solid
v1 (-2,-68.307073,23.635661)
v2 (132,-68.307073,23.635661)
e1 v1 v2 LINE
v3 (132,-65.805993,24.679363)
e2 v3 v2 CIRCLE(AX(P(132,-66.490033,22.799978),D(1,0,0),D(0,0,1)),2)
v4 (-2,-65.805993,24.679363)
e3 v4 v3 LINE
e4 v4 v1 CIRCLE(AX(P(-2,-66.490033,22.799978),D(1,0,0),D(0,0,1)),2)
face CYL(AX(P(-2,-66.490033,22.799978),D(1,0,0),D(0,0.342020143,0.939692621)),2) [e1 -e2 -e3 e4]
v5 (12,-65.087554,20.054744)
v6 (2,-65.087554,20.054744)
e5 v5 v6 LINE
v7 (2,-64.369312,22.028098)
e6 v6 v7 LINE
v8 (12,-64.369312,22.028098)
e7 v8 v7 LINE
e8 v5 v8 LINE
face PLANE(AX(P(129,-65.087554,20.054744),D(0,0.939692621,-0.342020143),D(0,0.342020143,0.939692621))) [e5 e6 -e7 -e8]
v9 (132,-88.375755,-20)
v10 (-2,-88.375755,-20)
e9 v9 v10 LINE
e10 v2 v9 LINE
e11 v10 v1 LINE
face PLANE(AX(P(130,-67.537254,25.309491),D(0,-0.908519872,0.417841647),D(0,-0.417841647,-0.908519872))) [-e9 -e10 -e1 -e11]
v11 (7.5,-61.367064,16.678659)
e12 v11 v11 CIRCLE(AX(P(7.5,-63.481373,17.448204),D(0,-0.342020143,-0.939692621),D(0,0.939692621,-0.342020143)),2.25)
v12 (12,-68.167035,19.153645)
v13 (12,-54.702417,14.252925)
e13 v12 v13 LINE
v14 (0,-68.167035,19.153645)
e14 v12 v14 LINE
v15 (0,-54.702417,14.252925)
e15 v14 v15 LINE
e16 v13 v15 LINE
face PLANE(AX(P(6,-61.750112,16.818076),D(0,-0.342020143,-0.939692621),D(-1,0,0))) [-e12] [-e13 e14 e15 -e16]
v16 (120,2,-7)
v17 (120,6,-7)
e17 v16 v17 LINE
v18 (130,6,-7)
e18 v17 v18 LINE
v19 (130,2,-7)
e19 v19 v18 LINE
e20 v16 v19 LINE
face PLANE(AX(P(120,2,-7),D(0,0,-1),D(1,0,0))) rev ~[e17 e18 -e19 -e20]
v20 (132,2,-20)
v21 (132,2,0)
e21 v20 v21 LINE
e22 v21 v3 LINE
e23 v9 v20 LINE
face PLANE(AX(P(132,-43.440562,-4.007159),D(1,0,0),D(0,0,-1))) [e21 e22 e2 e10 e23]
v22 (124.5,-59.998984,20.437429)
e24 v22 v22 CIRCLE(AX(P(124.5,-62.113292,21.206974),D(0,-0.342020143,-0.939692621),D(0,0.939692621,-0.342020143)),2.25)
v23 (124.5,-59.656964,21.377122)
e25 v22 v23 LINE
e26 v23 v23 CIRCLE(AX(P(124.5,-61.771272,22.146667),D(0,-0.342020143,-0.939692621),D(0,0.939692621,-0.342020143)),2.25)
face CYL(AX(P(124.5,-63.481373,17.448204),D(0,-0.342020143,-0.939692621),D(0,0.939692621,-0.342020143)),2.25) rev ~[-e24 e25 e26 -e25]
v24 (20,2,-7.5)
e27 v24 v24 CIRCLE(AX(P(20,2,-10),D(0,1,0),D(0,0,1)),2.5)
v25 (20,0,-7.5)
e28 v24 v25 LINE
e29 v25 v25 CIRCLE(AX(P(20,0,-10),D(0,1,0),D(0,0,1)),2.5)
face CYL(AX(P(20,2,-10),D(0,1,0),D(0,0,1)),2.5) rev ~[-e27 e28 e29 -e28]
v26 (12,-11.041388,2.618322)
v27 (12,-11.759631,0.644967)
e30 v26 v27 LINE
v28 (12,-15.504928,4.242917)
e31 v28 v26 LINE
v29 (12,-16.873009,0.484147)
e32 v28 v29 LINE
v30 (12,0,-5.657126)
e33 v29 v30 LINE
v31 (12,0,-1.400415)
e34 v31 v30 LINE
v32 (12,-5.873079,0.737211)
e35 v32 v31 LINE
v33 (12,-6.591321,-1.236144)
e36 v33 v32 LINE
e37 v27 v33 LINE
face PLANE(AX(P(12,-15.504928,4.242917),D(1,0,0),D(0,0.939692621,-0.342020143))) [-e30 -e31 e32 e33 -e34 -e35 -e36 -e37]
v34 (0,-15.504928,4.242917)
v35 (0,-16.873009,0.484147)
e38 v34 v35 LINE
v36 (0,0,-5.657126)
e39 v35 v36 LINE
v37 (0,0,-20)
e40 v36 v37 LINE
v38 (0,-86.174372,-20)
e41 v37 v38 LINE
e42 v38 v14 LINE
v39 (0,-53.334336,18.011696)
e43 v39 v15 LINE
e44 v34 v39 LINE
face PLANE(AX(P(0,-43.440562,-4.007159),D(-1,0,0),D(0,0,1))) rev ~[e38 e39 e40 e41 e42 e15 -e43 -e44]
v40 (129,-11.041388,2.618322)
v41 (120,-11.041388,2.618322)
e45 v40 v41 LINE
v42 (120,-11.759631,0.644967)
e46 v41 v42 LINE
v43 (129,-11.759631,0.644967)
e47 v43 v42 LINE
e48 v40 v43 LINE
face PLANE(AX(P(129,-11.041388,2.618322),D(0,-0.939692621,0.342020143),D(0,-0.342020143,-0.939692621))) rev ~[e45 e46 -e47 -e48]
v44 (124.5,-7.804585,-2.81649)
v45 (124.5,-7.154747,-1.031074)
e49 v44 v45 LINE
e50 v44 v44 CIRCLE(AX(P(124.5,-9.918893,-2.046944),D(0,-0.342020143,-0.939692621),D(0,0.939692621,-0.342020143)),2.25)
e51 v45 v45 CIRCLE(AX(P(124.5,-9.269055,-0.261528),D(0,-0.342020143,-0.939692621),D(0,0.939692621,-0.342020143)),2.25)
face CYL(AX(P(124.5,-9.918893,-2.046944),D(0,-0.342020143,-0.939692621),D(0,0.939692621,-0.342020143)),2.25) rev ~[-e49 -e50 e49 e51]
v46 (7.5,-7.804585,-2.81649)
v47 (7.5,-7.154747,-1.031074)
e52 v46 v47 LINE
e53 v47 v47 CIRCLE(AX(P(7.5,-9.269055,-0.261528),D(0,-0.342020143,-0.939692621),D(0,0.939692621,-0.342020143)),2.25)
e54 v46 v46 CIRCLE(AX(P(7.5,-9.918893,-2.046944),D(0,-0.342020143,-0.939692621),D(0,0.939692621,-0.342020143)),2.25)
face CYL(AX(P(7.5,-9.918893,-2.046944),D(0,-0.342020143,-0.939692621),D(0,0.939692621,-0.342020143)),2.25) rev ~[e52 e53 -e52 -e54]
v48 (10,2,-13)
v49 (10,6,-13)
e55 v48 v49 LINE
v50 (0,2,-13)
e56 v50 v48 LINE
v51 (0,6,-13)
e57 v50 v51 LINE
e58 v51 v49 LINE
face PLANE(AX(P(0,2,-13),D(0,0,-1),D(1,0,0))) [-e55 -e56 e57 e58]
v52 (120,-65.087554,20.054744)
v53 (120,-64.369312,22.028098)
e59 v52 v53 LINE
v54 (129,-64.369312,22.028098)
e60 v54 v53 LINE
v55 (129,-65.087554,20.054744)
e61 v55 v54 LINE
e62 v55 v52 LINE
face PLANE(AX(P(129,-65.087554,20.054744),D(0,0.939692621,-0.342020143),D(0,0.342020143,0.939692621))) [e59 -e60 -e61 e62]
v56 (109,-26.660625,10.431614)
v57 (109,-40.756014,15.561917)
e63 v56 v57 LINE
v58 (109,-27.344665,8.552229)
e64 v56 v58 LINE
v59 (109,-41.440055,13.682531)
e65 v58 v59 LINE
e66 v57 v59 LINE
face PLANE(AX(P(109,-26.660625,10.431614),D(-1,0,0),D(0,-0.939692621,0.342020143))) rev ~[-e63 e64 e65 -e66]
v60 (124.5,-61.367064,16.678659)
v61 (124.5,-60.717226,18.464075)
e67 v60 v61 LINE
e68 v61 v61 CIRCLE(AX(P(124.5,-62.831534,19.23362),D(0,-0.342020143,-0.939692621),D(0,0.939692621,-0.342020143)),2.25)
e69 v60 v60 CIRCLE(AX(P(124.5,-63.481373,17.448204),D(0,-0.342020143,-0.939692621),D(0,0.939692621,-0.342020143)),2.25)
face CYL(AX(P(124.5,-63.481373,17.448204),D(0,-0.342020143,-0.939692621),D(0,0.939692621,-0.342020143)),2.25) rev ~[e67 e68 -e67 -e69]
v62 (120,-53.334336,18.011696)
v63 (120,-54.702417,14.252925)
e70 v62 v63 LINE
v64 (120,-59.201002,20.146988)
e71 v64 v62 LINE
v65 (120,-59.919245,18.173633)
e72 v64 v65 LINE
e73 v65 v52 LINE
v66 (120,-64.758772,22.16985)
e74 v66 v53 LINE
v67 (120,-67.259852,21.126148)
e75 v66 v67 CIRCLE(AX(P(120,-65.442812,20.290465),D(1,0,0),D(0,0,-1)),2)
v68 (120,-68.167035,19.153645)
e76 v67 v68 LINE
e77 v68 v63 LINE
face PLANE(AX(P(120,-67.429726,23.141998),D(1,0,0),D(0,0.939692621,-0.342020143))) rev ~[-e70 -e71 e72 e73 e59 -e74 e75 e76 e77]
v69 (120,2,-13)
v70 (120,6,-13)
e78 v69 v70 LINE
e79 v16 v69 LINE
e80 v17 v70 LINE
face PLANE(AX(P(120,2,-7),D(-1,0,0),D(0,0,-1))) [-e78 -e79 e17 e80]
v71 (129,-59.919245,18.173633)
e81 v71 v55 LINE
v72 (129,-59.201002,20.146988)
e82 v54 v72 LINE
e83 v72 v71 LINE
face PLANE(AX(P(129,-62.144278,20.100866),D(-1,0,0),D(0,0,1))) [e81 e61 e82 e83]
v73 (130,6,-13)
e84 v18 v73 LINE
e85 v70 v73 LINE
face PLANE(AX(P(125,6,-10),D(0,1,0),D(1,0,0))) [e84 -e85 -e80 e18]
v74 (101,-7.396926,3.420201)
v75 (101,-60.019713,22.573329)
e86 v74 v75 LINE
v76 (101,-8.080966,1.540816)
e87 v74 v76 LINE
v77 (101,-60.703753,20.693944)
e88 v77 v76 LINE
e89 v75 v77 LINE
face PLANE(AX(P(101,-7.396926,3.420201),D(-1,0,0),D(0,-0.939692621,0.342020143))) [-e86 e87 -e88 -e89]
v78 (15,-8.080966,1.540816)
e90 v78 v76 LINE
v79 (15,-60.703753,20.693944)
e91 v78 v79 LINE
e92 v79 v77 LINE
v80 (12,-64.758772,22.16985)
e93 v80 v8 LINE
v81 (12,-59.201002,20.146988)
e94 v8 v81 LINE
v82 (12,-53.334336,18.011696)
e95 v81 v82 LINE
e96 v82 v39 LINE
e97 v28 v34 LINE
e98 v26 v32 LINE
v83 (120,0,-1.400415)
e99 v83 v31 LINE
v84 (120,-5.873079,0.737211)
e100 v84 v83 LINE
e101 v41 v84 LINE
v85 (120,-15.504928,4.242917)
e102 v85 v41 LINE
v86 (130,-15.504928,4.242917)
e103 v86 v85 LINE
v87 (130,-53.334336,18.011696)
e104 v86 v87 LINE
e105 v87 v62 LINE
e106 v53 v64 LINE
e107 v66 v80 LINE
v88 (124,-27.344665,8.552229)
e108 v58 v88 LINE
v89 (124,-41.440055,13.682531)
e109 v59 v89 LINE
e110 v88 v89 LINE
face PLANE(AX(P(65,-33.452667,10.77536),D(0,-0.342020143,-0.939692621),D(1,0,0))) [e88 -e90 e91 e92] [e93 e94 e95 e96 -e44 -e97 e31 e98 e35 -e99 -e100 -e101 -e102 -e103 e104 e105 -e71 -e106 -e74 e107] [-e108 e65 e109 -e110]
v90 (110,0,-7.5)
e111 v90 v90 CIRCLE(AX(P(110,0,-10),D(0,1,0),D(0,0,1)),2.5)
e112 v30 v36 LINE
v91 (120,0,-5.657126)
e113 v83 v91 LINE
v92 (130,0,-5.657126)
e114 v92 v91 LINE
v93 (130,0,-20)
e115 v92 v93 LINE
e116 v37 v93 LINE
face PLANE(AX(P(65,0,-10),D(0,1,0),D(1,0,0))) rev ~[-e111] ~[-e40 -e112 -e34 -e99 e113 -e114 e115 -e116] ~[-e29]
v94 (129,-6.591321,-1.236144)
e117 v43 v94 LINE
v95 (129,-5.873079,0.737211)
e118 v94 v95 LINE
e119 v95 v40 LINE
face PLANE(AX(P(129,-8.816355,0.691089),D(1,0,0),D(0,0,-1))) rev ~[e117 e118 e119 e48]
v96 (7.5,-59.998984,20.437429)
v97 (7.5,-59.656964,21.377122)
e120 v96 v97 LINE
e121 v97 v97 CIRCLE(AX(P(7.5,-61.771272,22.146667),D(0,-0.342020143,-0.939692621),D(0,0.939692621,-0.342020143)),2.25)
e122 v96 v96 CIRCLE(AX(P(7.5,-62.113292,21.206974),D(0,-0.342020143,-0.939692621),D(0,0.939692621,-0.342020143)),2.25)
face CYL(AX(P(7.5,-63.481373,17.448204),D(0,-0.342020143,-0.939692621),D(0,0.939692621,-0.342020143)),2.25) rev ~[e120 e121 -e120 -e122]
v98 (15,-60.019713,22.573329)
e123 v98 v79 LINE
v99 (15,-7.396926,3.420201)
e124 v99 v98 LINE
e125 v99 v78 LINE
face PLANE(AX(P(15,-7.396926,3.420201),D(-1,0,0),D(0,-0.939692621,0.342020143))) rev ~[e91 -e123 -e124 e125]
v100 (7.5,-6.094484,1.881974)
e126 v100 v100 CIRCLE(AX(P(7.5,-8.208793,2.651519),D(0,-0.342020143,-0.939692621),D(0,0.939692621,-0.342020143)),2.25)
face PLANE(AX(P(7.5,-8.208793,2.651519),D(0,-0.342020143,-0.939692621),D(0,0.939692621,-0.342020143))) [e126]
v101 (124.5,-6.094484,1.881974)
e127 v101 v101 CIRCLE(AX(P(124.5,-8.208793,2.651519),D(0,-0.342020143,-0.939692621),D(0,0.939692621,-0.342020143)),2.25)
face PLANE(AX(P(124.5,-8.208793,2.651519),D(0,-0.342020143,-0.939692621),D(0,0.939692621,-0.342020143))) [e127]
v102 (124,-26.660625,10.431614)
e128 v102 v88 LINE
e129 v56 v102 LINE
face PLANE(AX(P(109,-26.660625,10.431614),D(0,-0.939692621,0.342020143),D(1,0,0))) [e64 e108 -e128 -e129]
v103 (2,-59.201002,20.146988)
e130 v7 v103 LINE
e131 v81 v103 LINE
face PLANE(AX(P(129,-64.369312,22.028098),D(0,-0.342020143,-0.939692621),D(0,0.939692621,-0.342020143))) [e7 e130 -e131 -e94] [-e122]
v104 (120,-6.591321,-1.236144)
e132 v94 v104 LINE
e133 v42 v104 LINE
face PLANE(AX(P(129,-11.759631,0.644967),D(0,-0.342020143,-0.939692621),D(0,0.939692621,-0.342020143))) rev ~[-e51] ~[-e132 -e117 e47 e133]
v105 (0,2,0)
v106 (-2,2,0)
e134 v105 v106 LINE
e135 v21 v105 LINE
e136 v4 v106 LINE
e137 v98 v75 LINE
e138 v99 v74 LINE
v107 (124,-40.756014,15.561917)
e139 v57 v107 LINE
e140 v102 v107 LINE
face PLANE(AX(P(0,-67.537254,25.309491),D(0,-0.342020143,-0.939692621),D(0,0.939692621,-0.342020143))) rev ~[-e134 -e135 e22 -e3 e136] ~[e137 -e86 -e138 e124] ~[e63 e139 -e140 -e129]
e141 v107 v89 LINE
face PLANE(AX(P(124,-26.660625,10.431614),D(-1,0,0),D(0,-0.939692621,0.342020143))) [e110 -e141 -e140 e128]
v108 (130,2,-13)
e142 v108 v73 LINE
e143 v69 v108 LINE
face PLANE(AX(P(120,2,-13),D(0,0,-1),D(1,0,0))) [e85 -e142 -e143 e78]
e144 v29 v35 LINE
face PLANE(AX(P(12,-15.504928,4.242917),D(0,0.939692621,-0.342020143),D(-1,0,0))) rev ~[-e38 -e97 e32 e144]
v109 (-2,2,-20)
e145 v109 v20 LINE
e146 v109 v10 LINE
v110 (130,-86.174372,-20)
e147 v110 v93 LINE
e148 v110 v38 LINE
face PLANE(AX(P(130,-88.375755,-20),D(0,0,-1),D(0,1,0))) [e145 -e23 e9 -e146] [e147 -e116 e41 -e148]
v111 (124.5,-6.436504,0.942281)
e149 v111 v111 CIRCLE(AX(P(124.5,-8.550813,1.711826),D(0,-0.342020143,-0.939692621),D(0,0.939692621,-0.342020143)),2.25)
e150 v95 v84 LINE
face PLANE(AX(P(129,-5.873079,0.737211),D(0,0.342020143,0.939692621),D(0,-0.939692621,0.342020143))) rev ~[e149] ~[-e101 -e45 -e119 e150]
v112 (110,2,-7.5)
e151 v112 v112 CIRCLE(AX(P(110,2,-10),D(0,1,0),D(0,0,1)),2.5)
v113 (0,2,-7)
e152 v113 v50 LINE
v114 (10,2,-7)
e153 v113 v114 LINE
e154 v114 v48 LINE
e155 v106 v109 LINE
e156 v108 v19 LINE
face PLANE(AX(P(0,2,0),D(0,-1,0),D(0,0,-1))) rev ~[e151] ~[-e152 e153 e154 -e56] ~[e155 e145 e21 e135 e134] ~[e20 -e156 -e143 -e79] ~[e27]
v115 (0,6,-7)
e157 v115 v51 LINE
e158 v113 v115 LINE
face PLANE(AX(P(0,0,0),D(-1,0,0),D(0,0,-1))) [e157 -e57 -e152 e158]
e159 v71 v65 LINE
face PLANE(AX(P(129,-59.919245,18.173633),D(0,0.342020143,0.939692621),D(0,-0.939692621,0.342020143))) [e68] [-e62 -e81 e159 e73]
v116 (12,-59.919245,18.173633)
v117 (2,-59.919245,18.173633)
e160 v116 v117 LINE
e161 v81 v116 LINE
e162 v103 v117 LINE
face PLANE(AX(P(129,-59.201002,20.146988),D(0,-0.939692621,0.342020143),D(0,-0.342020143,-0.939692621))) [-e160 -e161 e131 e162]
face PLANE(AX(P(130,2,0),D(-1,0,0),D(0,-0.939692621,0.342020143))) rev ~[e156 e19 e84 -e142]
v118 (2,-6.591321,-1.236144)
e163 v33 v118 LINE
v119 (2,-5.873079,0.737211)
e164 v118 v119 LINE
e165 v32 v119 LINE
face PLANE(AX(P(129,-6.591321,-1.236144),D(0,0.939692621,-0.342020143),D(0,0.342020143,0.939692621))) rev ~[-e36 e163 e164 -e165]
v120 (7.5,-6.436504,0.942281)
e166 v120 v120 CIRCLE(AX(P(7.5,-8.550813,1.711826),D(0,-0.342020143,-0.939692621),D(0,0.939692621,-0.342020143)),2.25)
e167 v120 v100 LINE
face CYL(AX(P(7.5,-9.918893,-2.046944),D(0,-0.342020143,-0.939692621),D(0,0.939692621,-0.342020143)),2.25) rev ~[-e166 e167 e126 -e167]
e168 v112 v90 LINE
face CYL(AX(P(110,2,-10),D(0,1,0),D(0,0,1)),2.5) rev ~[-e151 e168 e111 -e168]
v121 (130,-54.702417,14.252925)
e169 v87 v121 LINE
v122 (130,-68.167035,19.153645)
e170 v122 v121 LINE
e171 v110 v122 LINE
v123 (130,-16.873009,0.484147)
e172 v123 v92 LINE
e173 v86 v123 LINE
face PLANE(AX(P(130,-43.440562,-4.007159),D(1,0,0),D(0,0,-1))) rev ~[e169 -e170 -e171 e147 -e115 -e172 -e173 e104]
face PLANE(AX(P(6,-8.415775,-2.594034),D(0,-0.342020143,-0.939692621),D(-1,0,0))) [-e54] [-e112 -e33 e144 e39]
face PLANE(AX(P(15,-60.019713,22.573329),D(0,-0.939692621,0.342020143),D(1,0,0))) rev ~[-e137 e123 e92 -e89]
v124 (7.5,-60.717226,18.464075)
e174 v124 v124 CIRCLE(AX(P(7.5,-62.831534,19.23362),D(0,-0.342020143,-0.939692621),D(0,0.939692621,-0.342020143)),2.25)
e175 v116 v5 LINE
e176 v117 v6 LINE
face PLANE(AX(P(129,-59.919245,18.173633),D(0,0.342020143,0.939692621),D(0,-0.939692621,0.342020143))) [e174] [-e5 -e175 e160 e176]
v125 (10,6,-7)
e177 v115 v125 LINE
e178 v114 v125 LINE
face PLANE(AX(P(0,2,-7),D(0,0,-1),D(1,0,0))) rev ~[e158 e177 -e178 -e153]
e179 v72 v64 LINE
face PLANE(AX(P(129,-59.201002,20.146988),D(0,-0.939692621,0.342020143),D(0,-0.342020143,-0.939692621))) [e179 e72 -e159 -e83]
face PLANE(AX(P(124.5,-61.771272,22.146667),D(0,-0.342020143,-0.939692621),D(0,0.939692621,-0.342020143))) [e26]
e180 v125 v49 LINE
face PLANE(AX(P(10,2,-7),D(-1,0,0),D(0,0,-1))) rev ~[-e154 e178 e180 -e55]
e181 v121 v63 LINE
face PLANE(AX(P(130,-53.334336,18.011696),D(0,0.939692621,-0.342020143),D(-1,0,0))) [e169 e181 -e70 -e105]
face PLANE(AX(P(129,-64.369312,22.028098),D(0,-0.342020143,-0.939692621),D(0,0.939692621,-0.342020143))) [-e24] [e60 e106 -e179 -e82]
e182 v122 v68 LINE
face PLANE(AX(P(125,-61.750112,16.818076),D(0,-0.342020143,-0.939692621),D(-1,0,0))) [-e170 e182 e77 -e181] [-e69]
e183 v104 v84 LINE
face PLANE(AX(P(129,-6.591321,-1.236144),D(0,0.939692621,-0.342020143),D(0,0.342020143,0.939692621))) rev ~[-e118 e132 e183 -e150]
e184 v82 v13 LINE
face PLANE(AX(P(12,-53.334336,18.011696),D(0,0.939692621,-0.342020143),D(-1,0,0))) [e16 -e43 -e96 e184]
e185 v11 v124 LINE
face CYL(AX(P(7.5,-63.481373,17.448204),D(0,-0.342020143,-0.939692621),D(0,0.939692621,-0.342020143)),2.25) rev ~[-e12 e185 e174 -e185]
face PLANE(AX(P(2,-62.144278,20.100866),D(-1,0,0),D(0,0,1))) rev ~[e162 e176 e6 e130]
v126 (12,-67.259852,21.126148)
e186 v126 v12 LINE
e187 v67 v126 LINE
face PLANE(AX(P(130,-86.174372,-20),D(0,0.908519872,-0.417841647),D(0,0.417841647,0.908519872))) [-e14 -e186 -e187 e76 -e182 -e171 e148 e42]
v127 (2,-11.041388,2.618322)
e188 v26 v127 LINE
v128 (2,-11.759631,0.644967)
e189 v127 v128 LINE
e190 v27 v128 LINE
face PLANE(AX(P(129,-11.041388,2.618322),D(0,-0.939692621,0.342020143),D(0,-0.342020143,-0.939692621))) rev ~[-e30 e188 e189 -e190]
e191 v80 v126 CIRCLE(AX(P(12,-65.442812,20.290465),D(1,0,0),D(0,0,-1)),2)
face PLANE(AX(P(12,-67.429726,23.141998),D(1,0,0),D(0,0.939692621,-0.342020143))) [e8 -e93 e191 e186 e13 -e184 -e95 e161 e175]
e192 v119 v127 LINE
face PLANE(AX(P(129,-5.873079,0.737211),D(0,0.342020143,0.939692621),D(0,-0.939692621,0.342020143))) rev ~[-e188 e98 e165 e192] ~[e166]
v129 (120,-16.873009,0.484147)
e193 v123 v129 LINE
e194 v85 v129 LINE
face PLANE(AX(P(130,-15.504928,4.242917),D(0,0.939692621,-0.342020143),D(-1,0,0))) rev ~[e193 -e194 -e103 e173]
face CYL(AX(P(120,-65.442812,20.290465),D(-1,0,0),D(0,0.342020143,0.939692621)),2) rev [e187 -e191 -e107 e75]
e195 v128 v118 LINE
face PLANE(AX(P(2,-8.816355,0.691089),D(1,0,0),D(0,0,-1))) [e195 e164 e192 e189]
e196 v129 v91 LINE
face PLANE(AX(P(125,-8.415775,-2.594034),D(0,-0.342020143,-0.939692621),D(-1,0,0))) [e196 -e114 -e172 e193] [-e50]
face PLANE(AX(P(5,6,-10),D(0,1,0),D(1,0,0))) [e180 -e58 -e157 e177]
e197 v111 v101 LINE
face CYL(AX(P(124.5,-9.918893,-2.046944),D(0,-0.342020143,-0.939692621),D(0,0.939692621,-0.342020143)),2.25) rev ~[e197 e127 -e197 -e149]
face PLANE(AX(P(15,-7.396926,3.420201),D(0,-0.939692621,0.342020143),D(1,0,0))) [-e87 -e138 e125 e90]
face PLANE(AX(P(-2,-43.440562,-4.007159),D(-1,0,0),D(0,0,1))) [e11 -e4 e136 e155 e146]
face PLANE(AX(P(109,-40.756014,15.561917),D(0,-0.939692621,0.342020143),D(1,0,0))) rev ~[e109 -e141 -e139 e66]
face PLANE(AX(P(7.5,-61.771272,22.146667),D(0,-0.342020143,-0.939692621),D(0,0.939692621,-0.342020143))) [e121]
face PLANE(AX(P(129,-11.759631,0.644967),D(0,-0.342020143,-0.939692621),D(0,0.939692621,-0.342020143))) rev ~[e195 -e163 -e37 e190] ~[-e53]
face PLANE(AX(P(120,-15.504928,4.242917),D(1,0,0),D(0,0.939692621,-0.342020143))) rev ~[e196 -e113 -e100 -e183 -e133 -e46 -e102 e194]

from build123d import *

# Parameters (mm, degrees)
SKETCH_1_W               = 130
SKETCH_1_H               = 20
EXTRUDE_1_DEPTH          = 2
SKETCH_2_W               = 10
SKETCH_2_H               = 6
EXTRUDE_2_DEPTH          = 4
SKETCH_3_R               = 2.5
CUT_EXTRUDE_1_DEPTH      = 4
SKETCH_4_W               = 130
SKETCH_4_H               = 74
SKETCH_4_W_2             = 86
SKETCH_4_H_2             = 56
SKETCH_4_W_3             = 15
SKETCH_4_H_3             = 15
EXTRUDE_3_DEPTH          = 2
EXTRUDE_4_DEPTH          = 2
EXTRUDE_5_DEPTH          = 2
EXTRUDE_6_DEPTH          = 130
SKETCH_9_W               = 10
SKETCH_9_H               = 18
SKETCH_9_W_2             = 12
SKETCH_9_H_2             = 15
EXTRUDE_7_DEPTH          = 4
SKETCH_10_R              = 2.25
CUT_EXTRUDE_2_DEPTH      = 5
CUT_EXTRUDE_3_DEPTH      = 118
CUT_EXTRUDE_3_DEPTH_BACK = 9
FILLET_1_R               = 2
FILLET_2_R               = 2


with BuildPart() as part:
    # Эскиз1 → Бобышка-Вытянуть1 (new body)
    with BuildSketch(Plane(origin=(0, 0, 0), x_dir=(1, 0, 0), z_dir=(0, 1, 0))):
        with Locations((65, 10)):
            Rectangle(SKETCH_1_W, SKETCH_1_H)
    extrude(amount=EXTRUDE_1_DEPTH)

    # Эскиз2 → Бобышка-Вытянуть2 (add)
    with BuildSketch(Plane(origin=(0, 2, 0), x_dir=(1, 0, 0), z_dir=(0, 1, 0))):
        with Locations((5, 10)):
            Rectangle(SKETCH_2_W, SKETCH_2_H)
        with Locations((125, 10)):
            Rectangle(SKETCH_2_W, SKETCH_2_H)
    extrude(amount=EXTRUDE_2_DEPTH)

    # Эскиз3 → Вырез-Вытянуть1 (cut)
    with BuildSketch(Plane(origin=(0, 2, 0), x_dir=(1, 0, 0), z_dir=(0, 1, 0))):
        with Locations(Location((20, 10, 0), (0, 0, 270))):
            Circle(SKETCH_3_R)
        with Locations(Location((110, 10, 0), (0, 0, 270))):
            Circle(SKETCH_3_R)
    extrude(amount=-CUT_EXTRUDE_1_DEPTH, mode=Mode.SUBTRACT)

    # Эскиз4 → Бобышка-Вытянуть3 (add)
    with BuildSketch(Plane(origin=(0, 0.233955557, 0.64278761), x_dir=(1, 0, 0), z_dir=(0, -0.3420201433256631, -0.9396926207859105))):
        with Locations((65, 35.120614758)):
            Rectangle(SKETCH_4_W, SKETCH_4_H)
        with Locations((58, 36.120614758)):
            Rectangle(SKETCH_4_W_2, SKETCH_4_H_2, mode=Mode.SUBTRACT)
        with Locations((116.5, 36.120614758)):
            Rectangle(SKETCH_4_W_3, SKETCH_4_H_3, mode=Mode.SUBTRACT)
    extrude(amount=EXTRUDE_3_DEPTH)

    # Эскиз5 → Бобышка-Вытянуть4 (add)
    with BuildSketch(Plane(origin=(130, 0, 0), x_dir=(0, 0, -1), z_dir=(1, 0, 0))):
        Polygon((0, 2), (-25.309490606, -67.537253938), (20, -88.375754865), (20, 2), align=None)
    extrude(amount=EXTRUDE_4_DEPTH)

    # Эскиз7 → Бобышка-Вытянуть5 (add)
    with BuildSketch(Plane.ZY):
        Polygon((-20, 2), (-20, -88.375754865), (25.309490606, -67.537253938), (0, 2), align=None)
    extrude(amount=EXTRUDE_5_DEPTH)

    # Эскиз8 → Бобышка-Вытянуть6 (add)
    with BuildSketch(Plane.ZY.offset(-130)):
        Polygon((-20, -86.174372086), (22.799977809, -66.490032993), (25.309490606, -67.537253938), (-20, -88.375754865), align=None)
    extrude(amount=EXTRUDE_6_DEPTH)

    # Эскиз9 → Бобышка-Вытянуть7 (add)
    with BuildSketch(Plane(origin=(0, -0.45008473, -1.236597632), x_dir=(-1, 0, 0), z_dir=(0, -0.34202014332566316, -0.9396926207859104))):
        with Locations((-125, -7.021029835)):
            Rectangle(SKETCH_9_W, SKETCH_9_H)
        with Locations((-6, -7.021029835)):
            Rectangle(SKETCH_9_W_2, SKETCH_9_H)
        with Locations((-6, -63.778245038)):
            Rectangle(SKETCH_9_W_2, SKETCH_9_H_2)
        with Locations((-125, -63.778245038)):
            Rectangle(SKETCH_9_W, SKETCH_9_H_2)
    extrude(amount=EXTRUDE_7_DEPTH)

    # Эскиз10 → Вырез-Вытянуть2 (cut)
    with BuildSketch(Plane(origin=(0, -1.818165303, -4.995368115), x_dir=(-1, 0, 0), z_dir=(0, -0.3420201433256632, -0.9396926207859104))):
        with Locations(Location((-124.5, -8.620614758, 0), (0, 0, 90))):
            Circle(SKETCH_10_R)
        with Locations(Location((-7.5, -65.620614758, 0), (0, 0, 90))):
            Circle(SKETCH_10_R)
        with Locations(Location((-124.5, -65.620614758, 0), (0, 0, 90))):
            Circle(SKETCH_10_R)
        with Locations(Location((-7.5, -8.620614758, 0), (0, 0, 90))):
            Circle(SKETCH_10_R)
    extrude(amount=-CUT_EXTRUDE_2_DEPTH, mode=Mode.SUBTRACT)

    # Эскиз11 → Вырез-Вытянуть3 (cut, two sides: drawn at the far end of the back side and taken through both)
    with BuildSketch(Plane.ZY.offset(-120).offset(-CUT_EXTRUDE_3_DEPTH_BACK)):
        Polygon((0.737210819, -5.87307888), (2.618321608, -11.041388294), (0.644967104, -11.759630595), (-1.236143684, -6.591321181), align=None)
        Polygon((20.14698757, -59.201002218), (18.173633066, -59.919244519), (20.054743854, -65.087553933), (22.028098358, -64.369311632), align=None)
    extrude(amount=CUT_EXTRUDE_3_DEPTH + CUT_EXTRUDE_3_DEPTH_BACK, mode=Mode.SUBTRACT)

    # Скругление1
    fillet_1_edges = [part.edges().sort_by_distance(p)[0] for p in [
        (66, -66.490032993, 22.799977809),
    ]]
    fillet(fillet_1_edges, radius=FILLET_1_R)

    # Скругление2
    fillet_2_edges = [part.edges().sort_by_distance(p)[0] for p in [
        (65, -67.537253938, 25.309490606),
    ]]
    fillet(fillet_2_edges, radius=FILLET_2_R)


solid = part.part
